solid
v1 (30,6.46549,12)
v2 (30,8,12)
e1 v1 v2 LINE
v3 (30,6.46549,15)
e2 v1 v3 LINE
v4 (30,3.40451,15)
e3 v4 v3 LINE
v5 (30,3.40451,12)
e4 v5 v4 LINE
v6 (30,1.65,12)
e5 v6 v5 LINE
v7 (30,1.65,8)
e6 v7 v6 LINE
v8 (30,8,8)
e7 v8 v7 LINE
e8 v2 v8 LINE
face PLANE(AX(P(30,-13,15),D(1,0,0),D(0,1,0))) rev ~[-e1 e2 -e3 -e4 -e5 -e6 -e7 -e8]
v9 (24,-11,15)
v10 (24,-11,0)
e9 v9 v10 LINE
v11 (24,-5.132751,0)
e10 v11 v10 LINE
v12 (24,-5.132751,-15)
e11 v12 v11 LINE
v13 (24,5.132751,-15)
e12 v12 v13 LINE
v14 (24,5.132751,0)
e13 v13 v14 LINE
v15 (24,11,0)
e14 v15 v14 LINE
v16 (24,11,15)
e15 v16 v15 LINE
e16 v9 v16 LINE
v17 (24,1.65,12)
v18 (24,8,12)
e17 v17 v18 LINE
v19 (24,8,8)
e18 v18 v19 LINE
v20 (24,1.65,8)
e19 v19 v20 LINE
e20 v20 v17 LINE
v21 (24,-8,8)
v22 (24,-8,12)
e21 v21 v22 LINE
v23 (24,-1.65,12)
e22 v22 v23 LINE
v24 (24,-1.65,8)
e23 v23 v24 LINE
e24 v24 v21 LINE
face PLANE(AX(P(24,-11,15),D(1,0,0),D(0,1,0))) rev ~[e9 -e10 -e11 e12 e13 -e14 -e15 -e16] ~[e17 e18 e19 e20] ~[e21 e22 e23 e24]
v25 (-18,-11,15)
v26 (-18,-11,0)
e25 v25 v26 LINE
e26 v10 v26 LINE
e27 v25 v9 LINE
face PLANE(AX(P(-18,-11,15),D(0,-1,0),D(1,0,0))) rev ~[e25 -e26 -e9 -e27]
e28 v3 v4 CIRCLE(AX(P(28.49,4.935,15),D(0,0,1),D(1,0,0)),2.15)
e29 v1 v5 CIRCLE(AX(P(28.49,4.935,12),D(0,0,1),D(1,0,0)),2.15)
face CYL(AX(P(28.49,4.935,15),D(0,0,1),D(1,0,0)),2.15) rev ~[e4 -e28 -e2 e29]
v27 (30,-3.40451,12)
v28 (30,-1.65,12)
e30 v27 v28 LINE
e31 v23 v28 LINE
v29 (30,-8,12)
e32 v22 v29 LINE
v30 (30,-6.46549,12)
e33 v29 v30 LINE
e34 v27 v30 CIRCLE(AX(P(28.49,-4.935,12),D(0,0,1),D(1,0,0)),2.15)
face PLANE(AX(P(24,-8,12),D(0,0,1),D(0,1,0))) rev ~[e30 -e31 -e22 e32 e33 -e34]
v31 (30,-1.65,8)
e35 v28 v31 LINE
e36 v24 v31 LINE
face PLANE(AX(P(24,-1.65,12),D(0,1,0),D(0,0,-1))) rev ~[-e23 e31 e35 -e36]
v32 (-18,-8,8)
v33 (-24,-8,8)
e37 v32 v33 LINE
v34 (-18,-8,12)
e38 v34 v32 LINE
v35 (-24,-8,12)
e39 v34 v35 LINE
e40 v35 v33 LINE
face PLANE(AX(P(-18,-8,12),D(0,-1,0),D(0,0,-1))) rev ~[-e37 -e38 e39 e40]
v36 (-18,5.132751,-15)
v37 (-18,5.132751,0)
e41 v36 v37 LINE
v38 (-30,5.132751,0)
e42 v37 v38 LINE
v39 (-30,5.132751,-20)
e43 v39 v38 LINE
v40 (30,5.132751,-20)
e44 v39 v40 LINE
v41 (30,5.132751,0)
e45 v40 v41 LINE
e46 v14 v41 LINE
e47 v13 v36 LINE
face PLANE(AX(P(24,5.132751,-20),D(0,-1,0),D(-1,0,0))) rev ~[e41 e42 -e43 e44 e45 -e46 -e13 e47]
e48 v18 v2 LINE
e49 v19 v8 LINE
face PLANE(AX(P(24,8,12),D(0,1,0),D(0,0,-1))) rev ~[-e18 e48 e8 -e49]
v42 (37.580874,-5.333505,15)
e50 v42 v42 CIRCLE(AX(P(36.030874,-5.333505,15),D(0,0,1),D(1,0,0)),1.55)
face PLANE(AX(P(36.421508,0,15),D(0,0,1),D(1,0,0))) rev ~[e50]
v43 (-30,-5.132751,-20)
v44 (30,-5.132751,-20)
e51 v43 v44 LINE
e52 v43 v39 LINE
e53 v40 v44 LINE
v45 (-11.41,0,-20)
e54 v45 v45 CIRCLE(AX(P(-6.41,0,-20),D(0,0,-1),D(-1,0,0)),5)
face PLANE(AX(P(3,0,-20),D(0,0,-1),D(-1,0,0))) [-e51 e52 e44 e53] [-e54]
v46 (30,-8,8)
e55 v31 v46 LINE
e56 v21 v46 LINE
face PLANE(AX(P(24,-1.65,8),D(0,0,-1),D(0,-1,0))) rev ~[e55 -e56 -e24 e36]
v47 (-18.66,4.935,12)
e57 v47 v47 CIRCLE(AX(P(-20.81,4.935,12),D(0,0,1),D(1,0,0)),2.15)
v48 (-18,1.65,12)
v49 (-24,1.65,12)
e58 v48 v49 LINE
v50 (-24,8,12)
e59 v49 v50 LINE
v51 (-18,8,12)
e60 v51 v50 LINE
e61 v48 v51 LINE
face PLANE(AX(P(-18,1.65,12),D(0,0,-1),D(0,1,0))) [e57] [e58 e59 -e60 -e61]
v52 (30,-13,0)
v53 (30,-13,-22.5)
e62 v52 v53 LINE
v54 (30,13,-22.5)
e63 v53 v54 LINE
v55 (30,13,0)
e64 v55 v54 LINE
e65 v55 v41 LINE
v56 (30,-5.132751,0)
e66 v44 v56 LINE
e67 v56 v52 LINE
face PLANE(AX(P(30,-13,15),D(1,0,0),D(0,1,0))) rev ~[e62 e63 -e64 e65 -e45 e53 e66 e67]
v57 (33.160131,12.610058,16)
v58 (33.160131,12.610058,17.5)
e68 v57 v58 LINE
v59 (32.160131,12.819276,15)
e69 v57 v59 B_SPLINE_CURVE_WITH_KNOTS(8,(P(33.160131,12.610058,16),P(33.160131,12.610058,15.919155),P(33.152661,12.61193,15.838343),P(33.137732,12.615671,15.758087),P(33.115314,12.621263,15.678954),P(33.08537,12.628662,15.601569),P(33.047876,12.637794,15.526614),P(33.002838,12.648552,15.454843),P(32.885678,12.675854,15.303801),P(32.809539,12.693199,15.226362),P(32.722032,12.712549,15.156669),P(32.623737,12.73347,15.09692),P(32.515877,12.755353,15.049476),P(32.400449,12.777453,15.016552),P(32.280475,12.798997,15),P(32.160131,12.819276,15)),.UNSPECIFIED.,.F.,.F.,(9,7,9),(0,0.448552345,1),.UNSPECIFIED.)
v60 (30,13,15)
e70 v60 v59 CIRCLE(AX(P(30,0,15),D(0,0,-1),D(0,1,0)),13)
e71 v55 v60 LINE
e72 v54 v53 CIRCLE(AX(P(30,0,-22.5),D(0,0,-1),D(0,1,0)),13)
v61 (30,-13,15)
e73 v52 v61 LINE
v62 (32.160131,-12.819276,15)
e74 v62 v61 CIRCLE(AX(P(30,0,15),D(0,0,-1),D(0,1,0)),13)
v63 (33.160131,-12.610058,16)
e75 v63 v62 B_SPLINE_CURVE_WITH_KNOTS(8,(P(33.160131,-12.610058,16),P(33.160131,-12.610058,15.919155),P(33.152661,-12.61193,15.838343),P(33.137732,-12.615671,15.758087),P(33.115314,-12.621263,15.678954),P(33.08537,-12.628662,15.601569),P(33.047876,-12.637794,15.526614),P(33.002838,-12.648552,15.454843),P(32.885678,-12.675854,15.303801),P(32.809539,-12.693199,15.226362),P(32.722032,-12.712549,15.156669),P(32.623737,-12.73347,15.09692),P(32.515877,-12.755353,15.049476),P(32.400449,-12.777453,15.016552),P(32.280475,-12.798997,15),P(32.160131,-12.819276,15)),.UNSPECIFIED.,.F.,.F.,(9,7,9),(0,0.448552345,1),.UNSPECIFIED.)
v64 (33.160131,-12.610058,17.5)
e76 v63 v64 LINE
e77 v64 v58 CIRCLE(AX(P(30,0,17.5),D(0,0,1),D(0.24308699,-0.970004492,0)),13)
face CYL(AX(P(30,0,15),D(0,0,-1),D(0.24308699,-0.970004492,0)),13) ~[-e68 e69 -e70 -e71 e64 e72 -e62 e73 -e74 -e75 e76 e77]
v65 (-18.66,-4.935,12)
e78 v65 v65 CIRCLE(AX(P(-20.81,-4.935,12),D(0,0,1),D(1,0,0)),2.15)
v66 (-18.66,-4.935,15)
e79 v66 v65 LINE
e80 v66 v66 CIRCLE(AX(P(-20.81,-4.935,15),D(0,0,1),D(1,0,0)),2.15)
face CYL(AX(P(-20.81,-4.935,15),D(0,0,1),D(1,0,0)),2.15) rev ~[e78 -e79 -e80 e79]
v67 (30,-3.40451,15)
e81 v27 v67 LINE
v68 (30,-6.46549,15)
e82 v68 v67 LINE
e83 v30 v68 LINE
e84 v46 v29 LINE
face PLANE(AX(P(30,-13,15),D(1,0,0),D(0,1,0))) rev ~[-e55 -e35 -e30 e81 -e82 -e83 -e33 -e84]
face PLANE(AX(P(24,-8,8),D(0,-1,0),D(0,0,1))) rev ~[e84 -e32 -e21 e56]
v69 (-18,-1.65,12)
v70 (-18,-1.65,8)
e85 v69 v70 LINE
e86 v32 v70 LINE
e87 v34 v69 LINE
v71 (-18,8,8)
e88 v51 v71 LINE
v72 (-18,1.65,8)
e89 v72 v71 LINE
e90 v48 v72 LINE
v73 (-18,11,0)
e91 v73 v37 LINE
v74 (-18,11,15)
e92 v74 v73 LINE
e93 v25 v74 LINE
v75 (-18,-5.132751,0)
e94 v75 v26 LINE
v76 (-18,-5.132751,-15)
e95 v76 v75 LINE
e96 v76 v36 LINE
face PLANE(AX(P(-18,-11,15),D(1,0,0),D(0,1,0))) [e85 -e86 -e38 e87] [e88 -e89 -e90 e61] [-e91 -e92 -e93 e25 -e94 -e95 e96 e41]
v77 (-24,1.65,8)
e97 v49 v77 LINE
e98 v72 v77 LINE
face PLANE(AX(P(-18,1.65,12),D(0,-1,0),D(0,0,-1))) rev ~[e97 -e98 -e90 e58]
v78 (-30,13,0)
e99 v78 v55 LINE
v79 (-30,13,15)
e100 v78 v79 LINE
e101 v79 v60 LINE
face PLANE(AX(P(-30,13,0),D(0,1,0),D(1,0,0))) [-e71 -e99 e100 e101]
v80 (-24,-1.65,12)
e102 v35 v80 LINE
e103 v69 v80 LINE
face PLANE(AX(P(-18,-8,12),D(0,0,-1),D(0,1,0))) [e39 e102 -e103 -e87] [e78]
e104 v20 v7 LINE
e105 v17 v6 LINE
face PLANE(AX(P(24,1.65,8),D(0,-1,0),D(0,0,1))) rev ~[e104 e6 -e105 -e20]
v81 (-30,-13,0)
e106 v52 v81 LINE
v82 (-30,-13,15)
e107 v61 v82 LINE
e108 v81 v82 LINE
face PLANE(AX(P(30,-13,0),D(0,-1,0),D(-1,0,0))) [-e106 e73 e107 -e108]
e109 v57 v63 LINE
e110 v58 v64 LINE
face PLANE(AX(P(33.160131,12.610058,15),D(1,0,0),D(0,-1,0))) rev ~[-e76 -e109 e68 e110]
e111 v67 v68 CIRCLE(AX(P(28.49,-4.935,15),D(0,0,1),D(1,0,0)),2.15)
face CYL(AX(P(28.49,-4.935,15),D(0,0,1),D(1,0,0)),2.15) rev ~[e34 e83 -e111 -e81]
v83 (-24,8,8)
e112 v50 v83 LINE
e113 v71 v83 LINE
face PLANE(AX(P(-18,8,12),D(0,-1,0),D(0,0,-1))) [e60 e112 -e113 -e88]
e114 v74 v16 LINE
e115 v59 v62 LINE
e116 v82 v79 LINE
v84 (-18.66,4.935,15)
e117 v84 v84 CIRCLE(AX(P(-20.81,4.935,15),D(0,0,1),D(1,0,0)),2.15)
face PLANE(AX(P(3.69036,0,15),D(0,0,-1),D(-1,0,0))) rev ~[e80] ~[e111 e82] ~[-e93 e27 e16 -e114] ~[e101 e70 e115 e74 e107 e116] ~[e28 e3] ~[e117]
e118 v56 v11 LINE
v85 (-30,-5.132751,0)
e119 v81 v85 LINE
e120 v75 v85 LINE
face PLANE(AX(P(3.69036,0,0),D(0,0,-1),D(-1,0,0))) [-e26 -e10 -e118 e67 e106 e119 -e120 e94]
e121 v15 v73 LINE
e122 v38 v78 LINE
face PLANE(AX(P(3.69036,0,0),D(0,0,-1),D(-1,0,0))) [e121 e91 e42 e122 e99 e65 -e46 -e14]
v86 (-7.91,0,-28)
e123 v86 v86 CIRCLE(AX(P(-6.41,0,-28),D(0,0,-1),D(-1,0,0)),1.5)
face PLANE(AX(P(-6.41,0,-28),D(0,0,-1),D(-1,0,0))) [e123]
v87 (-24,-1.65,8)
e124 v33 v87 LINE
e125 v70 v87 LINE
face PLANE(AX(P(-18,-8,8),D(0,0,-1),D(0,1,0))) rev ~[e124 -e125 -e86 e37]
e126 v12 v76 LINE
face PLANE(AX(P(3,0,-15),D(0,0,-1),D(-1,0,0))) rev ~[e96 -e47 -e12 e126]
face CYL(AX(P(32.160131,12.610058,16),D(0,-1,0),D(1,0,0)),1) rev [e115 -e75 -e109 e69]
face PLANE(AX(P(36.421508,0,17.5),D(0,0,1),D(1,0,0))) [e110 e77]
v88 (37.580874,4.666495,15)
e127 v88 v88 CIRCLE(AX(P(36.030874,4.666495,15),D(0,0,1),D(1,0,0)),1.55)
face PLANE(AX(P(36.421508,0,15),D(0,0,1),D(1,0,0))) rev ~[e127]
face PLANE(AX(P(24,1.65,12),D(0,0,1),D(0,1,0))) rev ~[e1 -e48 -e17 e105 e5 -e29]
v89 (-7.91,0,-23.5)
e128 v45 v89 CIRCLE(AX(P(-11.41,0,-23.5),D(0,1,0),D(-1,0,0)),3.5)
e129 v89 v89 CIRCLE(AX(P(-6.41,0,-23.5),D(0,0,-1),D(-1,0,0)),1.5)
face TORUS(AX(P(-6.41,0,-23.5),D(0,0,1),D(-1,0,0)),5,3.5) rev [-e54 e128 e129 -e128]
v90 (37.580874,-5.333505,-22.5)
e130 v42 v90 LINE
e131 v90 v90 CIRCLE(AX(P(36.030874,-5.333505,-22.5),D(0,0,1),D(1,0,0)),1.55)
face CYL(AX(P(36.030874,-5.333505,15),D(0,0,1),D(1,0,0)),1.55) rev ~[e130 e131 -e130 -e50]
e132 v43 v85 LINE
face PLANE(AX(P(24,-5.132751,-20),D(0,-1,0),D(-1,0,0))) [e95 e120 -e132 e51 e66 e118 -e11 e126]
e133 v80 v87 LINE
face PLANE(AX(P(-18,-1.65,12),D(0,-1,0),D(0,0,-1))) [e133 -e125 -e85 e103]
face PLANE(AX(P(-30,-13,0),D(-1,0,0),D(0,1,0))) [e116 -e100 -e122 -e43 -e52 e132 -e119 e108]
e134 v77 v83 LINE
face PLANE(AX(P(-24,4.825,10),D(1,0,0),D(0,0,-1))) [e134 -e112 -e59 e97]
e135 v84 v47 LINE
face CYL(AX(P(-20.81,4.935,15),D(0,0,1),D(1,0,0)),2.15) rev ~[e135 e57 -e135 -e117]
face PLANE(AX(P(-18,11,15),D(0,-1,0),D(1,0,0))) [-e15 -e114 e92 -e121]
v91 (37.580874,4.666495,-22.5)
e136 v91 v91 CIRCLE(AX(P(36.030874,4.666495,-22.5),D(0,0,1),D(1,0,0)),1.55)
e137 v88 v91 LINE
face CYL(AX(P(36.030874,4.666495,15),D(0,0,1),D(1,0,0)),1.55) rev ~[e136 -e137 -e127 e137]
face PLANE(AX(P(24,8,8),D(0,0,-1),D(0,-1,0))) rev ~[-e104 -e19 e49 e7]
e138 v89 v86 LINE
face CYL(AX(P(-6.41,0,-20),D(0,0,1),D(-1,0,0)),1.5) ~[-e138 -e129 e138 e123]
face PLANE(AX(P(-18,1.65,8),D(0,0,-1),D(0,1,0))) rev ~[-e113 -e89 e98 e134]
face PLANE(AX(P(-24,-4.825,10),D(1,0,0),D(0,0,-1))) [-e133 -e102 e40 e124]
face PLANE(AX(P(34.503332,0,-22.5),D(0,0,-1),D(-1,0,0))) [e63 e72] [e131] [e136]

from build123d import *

# Parameters (mm, degrees)
BOSS_EXTRU_1_DEPTH      = 15
ESQUISSE2_W             = 42
ESQUISSE2_H             = 22
ENL_V_MAT_EXTRU_1_DEPTH = 48.36032094485848
ESQUISSE4_R             = 2.1499999999999972
ESQUISSE4_R_2           = 2.1499999999999977
ESQUISSE4_R_3           = 2.1500000000000012
ENL_V_MAT_EXTRU_2_DEPTH = 3
ESQUISSE5_W             = 4
ESQUISSE5_H             = 6.35
ENL_V_MAT_EXTRU_3_DEPTH = 6
ENL_V_MAT_EXTRU_4_DEPTH = 8
BOSS_EXTRU_6_START      = 20
ESQUISSE10_W            = 12.000000000000007
ESQUISSE10_H            = 10.265502917405067
BOSS_EXTRU_6_DEPTH      = 20
ESQUISSE11_W            = 42
ESQUISSE11_H            = 10.265502917405069
BOSS_EXTRU_7_DEPTH      = 5
BOSS_EXTRU_8_DEPTH      = 2.5
BOSS_EXTRU_8_DEPTH_BACK = 35
ESQUISSE13_R            = 1.5500000000000012
ENL_V_MAT_EXTRU_5_DEPTH = 59.51709152034131
BOSS_EXTRU_9_DEPTH      = 2.5
CONG_1_R                = 1
ESQUISSE15_R            = 1.4999999999999987
BOSS_EXTRU_10_DEPTH     = 8
CONG_2_R                = 3.5


with BuildPart() as part:
    # Esquisse1 → Boss.-Extru.1 (new body)
    with BuildSketch(Plane.XY):
        with BuildLine():
            Line((30, -12.999999999999996), (-30, -13.000000000000004))
            Line((-30, -13.000000000000004), (-30, 12.999999999999996))
            Line((-30, 12.999999999999996), (30, 13.000000000000004))
            ThreePointArc((30, 13.000000000000004), (43.00000000000001, 3.47e-15), (30, -12.999999999999996))
        make_face()
    extrude(amount=BOSS_EXTRU_1_DEPTH)

    # Esquisse2 → Enlèv. mat.-Extru.1 (cut, through all)
    with BuildSketch(Plane.XY.offset(15)):
        with Locations((3.0000000000000053, 0)):
            Rectangle(ESQUISSE2_W, ESQUISSE2_H)
    extrude(amount=-ENL_V_MAT_EXTRU_1_DEPTH, mode=Mode.SUBTRACT)

    # Esquisse4 → Enlèv. mat.-Extru.2 (cut)
    with BuildSketch(Plane.XY.offset(15)):
        with Locations((-20.809999999999974, 4.934999999999995)):
            Circle(ESQUISSE4_R)
        with Locations((-20.809999999999974, -4.935000000000005)):
            Circle(ESQUISSE4_R_2)
        with Locations((28.490000000000016, 4.934999999999976)):
            Circle(ESQUISSE4_R_3)
        with Locations((28.490000000000016, -4.93499999999999)):
            Circle(ESQUISSE4_R_3)
    extrude(amount=-ENL_V_MAT_EXTRU_2_DEPTH, mode=Mode.SUBTRACT)

    # Esquisse5 → Enlèv. mat.-Extru.3 (cut)
    with BuildSketch(Plane(origin=(-17.999999999999996, 0, 0), x_dir=(0, 0, -1), z_dir=(1, 0, 0))):
        with Locations((-10, -4.825)):
            Rectangle(ESQUISSE5_W, ESQUISSE5_H)
        with Locations((-10, 4.825)):
            Rectangle(ESQUISSE5_W, ESQUISSE5_H)
    extrude(amount=-ENL_V_MAT_EXTRU_3_DEPTH, mode=Mode.SUBTRACT)

    # Esquisse6 → Enlèv. mat.-Extru.4 (cut)
    with BuildSketch(Plane.ZY.offset(-24.000000000000007)):
        Polygon((12, 8), (8, 8), (8, 1.65), (12, 1.6500000000000004), align=None)
        Polygon((12, -1.6500000000000004), (8, -1.65), (8, -8), (12, -8), align=None)
    extrude(amount=-ENL_V_MAT_EXTRU_4_DEPTH, mode=Mode.SUBTRACT)

    # Esquisse10 → Boss.-Extru.6 (add)
    with BuildSketch(Plane(origin=(0, 0, 0), x_dir=(-1, 0, 0), z_dir=(0, 0, -1)).offset(BOSS_EXTRU_6_START)):
        with Locations((24, 0)):
            Rectangle(ESQUISSE10_W, ESQUISSE10_H)
        with BuildLine():
            Line((-24.000000000000007, 5.1327514587025345), (-41.94382109976481, 5.132751458702534))
            ThreePointArc((-41.94382109976481, 5.132751458702534), (-43, -7.1e-16), (-41.94382109976481, -5.132751458702534))
            Line((-41.94382109976481, -5.132751458702534), (-24.000000000000007, -5.132751458702534))
            Line((-24.000000000000007, -5.132751458702534), (-24.000000000000007, 5.1327514587025345))
        make_face()
    extrude(amount=-BOSS_EXTRU_6_DEPTH)

    # Esquisse11 → Boss.-Extru.7 (add)
    with BuildSketch(Plane(origin=(0, 0, -20), x_dir=(-1, 0, 0), z_dir=(0, 0, -1))):
        with Locations((-3.0000000000000053, 4.4e-16)):
            Rectangle(ESQUISSE11_W, ESQUISSE11_H)
    extrude(amount=-BOSS_EXTRU_7_DEPTH)

    # Esquisse12 → Boss.-Extru.8 (add, two sides: drawn at the far end of the back side and taken through both)
    with BuildSketch(Plane(origin=(0, 0, -20), x_dir=(-1, 0, 0), z_dir=(0, 0, -1)).offset(-BOSS_EXTRU_8_DEPTH_BACK)):
        with BuildLine():
            Line((-29.999999999999993, -12.999999999999996), (-30, 13.000000000000004))
            ThreePointArc((-30, 13.000000000000004), (-37.151021991186546, 10.8564674034221), (-41.94382109976481, 5.132751458702534))
            ThreePointArc((-41.94382109976481, 5.132751458702534), (-43, 5.06e-15), (-41.94382109976481, -5.132751458702532))
            ThreePointArc((-41.94382109976481, -5.132751458702532), (-37.15102199118654, -10.856467403422094), (-29.999999999999993, -12.999999999999996))
        make_face()
    extrude(amount=BOSS_EXTRU_8_DEPTH + BOSS_EXTRU_8_DEPTH_BACK)

    # Esquisse13 → Enlèv. mat.-Extru.5 (cut, through all)
    with BuildSketch(Plane.XY.offset(15)):
        with Locations((36.030874159306855, 4.6664949567902845)):
            Circle(ESQUISSE13_R)
        with Locations((36.030874159306855, -5.3335050432097155)):
            Circle(ESQUISSE13_R)
    extrude(amount=-ENL_V_MAT_EXTRU_5_DEPTH, mode=Mode.SUBTRACT)

    # Esquisse14 → Boss.-Extru.9 (add)
    with BuildSketch(Plane.XY.offset(15)):
        with BuildLine():
            Line((33.160130873307615, 12.610058400482057), (33.160130873307615, -12.610058400482053))
            ThreePointArc((33.160130873307615, -12.610058400482053), (43.00000000000001, 3.47e-15), (33.160130873307615, 12.610058400482057))
        make_face()
    extrude(amount=BOSS_EXTRU_9_DEPTH)

    # Congé1
    cong_1_edges = [part.edges().sort_by_distance(p)[0] for p in [
        (33.160130873307615, 1.78e-15, 15),
    ]]
    fillet(cong_1_edges, radius=CONG_1_R)

    # Esquisse15 → Boss.-Extru.10 (add)
    with BuildSketch(Plane(origin=(0, 0, -20), x_dir=(-1, 0, 0), z_dir=(0, 0, -1))):
        with Locations((6.410000000000011, 6.006e-14)):
            Circle(ESQUISSE15_R)
    extrude(amount=BOSS_EXTRU_10_DEPTH)

    # Congé2
    cong_2_edges = [part.edges().sort_by_distance(p)[0] for p in [
        (-4.910000000000013, 6.024e-14, -20),
    ]]
    fillet(cong_2_edges, radius=CONG_2_R)


solid = part.part
